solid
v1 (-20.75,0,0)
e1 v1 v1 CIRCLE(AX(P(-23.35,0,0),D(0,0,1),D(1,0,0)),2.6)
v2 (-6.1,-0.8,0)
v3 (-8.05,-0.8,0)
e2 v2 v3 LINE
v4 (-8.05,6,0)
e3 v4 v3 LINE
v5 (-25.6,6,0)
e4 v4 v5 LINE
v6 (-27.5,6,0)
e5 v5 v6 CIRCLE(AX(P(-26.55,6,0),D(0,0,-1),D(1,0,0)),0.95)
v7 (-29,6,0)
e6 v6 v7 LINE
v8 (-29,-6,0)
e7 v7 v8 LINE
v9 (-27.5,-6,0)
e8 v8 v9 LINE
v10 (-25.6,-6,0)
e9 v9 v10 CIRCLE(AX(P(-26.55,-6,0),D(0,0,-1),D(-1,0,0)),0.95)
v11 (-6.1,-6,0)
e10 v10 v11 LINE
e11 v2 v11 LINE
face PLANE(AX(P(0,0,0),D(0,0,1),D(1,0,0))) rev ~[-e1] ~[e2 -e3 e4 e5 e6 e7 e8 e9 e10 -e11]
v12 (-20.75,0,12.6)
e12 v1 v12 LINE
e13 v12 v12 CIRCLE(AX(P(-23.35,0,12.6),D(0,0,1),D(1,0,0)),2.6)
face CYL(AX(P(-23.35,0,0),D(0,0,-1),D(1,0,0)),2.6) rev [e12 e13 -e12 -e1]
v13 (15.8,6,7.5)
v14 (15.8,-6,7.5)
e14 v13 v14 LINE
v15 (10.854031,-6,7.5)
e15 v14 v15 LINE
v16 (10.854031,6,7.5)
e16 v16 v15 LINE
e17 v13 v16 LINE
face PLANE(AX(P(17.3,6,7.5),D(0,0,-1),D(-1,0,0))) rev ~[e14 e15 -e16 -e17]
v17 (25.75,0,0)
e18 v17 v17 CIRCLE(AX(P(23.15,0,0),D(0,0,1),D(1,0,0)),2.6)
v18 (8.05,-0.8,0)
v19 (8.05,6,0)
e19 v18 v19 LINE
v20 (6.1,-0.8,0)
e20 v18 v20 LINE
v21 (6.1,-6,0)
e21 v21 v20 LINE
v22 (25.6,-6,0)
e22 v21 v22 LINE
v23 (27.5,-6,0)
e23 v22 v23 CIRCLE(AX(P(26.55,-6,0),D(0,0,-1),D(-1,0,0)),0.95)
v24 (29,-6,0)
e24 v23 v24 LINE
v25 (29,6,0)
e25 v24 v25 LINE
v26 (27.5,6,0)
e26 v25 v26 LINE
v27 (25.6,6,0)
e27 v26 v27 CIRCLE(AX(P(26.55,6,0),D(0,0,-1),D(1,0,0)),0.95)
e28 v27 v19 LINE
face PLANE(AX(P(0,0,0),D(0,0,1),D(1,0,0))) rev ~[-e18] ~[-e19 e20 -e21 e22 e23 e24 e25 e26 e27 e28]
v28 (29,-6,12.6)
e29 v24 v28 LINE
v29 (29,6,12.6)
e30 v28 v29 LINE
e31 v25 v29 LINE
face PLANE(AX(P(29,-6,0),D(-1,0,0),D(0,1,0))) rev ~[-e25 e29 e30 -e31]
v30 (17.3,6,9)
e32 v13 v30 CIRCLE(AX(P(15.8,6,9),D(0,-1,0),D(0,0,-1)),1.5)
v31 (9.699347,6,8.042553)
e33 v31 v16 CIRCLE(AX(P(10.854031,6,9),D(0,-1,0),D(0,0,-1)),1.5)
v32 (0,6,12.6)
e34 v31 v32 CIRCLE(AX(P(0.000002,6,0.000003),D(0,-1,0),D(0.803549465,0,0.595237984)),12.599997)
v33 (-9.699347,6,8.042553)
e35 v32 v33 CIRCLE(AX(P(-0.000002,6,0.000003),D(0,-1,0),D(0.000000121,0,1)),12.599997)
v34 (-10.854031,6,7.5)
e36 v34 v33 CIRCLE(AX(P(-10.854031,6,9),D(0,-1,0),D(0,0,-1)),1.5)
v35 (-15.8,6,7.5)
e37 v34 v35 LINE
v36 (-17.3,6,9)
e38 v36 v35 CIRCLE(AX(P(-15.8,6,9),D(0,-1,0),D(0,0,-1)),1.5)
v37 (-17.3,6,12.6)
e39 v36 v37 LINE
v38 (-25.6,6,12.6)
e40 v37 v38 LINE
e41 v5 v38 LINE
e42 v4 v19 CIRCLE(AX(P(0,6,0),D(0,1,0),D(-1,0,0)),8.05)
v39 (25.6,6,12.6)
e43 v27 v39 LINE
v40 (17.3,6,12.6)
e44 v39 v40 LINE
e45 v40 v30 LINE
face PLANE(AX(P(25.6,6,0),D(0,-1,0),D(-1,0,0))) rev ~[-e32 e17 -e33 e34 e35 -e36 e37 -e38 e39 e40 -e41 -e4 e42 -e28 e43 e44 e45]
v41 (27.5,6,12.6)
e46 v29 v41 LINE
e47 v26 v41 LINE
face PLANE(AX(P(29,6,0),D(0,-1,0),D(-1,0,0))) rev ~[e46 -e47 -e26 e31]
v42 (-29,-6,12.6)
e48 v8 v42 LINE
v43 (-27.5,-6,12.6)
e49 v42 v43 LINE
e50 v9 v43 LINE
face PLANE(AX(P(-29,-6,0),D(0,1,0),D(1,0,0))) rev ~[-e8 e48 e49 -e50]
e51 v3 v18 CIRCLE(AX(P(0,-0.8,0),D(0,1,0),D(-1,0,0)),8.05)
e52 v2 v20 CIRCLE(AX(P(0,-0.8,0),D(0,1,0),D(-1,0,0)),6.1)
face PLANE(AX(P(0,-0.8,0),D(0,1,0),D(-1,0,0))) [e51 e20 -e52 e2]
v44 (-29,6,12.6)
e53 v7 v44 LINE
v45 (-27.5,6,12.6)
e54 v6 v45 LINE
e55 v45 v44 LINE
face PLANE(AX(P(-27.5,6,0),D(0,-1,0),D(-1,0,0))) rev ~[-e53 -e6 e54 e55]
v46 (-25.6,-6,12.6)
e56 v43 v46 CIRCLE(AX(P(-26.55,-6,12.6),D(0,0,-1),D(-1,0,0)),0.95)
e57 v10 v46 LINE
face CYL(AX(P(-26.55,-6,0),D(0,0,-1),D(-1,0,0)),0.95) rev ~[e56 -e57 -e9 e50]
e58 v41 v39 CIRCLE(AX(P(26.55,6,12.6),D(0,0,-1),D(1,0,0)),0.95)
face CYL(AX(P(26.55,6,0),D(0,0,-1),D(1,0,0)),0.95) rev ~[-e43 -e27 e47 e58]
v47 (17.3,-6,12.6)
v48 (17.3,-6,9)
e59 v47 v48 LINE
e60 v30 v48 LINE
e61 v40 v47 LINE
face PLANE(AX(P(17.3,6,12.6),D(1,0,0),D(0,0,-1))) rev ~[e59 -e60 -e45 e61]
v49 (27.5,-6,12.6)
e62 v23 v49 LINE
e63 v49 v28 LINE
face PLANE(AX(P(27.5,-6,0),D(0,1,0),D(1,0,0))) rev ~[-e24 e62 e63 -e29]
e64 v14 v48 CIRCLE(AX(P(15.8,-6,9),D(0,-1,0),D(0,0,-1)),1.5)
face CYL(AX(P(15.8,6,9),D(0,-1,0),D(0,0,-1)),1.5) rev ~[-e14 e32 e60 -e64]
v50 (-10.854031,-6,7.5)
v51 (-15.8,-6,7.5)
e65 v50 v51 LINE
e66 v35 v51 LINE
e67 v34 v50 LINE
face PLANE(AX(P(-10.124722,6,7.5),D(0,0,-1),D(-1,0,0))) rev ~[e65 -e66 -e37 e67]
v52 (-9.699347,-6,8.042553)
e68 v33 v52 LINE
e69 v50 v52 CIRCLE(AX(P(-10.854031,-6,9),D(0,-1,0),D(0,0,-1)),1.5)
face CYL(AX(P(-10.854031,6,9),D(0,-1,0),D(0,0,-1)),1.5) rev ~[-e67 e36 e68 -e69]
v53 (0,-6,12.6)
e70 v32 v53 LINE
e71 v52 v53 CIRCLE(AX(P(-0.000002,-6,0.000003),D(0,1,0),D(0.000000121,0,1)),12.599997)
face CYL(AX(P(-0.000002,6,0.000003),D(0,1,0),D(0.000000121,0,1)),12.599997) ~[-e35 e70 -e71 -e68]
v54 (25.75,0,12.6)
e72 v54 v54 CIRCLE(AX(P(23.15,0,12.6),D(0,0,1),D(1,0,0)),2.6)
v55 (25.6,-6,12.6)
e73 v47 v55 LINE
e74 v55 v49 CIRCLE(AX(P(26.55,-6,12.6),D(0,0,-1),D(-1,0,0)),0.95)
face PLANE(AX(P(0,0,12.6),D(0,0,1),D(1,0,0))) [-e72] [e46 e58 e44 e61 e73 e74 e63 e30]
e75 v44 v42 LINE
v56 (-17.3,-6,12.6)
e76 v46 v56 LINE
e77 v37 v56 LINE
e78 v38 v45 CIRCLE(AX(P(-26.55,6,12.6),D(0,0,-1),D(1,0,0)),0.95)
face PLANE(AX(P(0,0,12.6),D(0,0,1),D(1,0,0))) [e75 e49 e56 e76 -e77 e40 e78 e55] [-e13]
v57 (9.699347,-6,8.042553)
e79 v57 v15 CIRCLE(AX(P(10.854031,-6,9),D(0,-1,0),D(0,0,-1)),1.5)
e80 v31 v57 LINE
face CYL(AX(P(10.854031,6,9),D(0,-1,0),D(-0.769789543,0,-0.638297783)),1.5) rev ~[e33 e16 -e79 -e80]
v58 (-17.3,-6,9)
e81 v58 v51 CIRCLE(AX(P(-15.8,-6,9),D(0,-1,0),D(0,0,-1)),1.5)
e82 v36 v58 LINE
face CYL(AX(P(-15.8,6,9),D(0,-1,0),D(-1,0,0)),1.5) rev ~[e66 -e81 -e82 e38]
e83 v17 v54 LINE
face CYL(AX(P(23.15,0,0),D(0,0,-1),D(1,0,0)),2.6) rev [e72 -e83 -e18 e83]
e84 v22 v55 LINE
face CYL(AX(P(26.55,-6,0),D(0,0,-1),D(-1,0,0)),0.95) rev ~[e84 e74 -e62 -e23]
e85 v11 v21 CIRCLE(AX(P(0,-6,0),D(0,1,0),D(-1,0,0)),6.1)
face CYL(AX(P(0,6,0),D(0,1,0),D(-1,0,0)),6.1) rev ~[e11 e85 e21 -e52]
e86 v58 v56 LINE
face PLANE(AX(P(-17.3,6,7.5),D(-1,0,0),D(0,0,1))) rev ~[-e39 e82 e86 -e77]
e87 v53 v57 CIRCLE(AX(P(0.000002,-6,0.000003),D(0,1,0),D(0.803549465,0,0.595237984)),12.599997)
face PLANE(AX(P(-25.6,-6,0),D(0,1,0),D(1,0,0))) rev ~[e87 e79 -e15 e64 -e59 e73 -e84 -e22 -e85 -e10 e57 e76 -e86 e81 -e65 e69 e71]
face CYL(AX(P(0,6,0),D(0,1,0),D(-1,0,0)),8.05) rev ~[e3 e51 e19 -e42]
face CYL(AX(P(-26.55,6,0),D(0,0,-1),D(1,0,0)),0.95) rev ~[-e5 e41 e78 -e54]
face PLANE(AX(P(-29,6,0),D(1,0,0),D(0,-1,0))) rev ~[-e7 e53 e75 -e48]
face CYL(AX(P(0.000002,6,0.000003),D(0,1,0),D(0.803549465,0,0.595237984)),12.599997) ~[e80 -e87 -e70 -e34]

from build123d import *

# Parameters (mm, degrees)
F0_R      = 2.6
F1_DEPTH  = 12.6
F2_R      = 6.1
F3_DEPTH  = 13
F2_R_2    = 8.05
F4_DEPTH  = 6.8
F7_ANGLE  = 180
F10_DEPTH = 13
F11_R     = 1.5


with BuildPart() as f1:
    # F0 (on Top) → F1 (new body)
    with BuildSketch(Plane.XY):
        with BuildLine():
            Line((-27.5, 6), (-29, 6))
            Line((-29, 6), (-29, -6))
            Line((-29, -6), (-27.5, -6))
            ThreePointArc((-27.5, -6), (-26.55, -5.05), (-25.6, -6))
            Line((-25.6, -6), (25.6, -6))
            ThreePointArc((25.6, -6), (26.55, -5.05), (27.5, -6))
            Line((27.5, -6), (29, -6))
            Line((29, -6), (29, 6))
            Line((29, 6), (27.5, 6))
            ThreePointArc((27.5, 6), (26.55, 5.05), (25.6, 6))
            Line((25.6, 6), (-25.6, 6))
            ThreePointArc((-25.6, 6), (-26.55, 5.05), (-27.5, 6))
        make_face()
        with Locations((-23.35, 0)):
            Circle(F0_R, mode=Mode.SUBTRACT)
        with Locations((23.15, 0)):
            Circle(F0_R, mode=Mode.SUBTRACT)
    extrude(amount=F1_DEPTH)

    # F2 (on face) → F3 (cut)
    with BuildSketch(Plane(origin=(0, 6, 0), x_dir=(-1, 0, 0), z_dir=(0, 1, 0))):
        Circle(F2_R)
    extrude(amount=-F3_DEPTH, mode=Mode.SUBTRACT)

    # F2 (on face) → F4 (cut)
    with BuildSketch(Plane(origin=(0, 6, 0), x_dir=(-1, 0, 0), z_dir=(0, 1, 0))):
        Circle(F2_R_2)
        Circle(F2_R, mode=Mode.SUBTRACT)
    extrude(amount=-F4_DEPTH, mode=Mode.SUBTRACT)

    # F9 (on face) → F10 (cut)
    with BuildSketch(Plane(origin=(0, 6, 0), x_dir=(-1, 0, 0), z_dir=(0, 1, 0))):
        with BuildLine():
            Line((-17.3, 7.5), (-10.124722, 7.5))
            ThreePointArc((-10.124722, 7.5), (-5.668333, 11.253), (0, 12.6))
            Line((0, 12.6), (-17.3, 12.6))
            Line((-17.3, 12.6), (-17.3, 7.5))
        make_face()
        with BuildLine():
            ThreePointArc((0, 12.6), (5.668333, 11.253), (10.124722, 7.5))
            Line((10.124722, 7.5), (17.3, 7.5))
            Line((17.3, 7.5), (17.3, 12.6))
            Line((17.3, 12.6), (0, 12.6))
        make_face()
    extrude(amount=-F10_DEPTH, mode=Mode.SUBTRACT)

    # F11
    f11_edges = [f1.edges().sort_by_distance(p)[0] for p in [
        (17.3, 0, 7.5),
        (10.124722, 0, 7.5),
        (-10.124722, 0, 7.5),
        (-17.3, 0, 7.5),
    ]]
    fillet(f11_edges, radius=F11_R)


with BuildPart() as f5_1:
    # F5: copy of F1
    add(f1.part)


with BuildPart() as f7_1:
    # F7: copy of F1
    add(f1.part.rotate(Axis((0, 1.422519, 0), (0, 1, 0)), F7_ANGLE))


solid = f1.part
